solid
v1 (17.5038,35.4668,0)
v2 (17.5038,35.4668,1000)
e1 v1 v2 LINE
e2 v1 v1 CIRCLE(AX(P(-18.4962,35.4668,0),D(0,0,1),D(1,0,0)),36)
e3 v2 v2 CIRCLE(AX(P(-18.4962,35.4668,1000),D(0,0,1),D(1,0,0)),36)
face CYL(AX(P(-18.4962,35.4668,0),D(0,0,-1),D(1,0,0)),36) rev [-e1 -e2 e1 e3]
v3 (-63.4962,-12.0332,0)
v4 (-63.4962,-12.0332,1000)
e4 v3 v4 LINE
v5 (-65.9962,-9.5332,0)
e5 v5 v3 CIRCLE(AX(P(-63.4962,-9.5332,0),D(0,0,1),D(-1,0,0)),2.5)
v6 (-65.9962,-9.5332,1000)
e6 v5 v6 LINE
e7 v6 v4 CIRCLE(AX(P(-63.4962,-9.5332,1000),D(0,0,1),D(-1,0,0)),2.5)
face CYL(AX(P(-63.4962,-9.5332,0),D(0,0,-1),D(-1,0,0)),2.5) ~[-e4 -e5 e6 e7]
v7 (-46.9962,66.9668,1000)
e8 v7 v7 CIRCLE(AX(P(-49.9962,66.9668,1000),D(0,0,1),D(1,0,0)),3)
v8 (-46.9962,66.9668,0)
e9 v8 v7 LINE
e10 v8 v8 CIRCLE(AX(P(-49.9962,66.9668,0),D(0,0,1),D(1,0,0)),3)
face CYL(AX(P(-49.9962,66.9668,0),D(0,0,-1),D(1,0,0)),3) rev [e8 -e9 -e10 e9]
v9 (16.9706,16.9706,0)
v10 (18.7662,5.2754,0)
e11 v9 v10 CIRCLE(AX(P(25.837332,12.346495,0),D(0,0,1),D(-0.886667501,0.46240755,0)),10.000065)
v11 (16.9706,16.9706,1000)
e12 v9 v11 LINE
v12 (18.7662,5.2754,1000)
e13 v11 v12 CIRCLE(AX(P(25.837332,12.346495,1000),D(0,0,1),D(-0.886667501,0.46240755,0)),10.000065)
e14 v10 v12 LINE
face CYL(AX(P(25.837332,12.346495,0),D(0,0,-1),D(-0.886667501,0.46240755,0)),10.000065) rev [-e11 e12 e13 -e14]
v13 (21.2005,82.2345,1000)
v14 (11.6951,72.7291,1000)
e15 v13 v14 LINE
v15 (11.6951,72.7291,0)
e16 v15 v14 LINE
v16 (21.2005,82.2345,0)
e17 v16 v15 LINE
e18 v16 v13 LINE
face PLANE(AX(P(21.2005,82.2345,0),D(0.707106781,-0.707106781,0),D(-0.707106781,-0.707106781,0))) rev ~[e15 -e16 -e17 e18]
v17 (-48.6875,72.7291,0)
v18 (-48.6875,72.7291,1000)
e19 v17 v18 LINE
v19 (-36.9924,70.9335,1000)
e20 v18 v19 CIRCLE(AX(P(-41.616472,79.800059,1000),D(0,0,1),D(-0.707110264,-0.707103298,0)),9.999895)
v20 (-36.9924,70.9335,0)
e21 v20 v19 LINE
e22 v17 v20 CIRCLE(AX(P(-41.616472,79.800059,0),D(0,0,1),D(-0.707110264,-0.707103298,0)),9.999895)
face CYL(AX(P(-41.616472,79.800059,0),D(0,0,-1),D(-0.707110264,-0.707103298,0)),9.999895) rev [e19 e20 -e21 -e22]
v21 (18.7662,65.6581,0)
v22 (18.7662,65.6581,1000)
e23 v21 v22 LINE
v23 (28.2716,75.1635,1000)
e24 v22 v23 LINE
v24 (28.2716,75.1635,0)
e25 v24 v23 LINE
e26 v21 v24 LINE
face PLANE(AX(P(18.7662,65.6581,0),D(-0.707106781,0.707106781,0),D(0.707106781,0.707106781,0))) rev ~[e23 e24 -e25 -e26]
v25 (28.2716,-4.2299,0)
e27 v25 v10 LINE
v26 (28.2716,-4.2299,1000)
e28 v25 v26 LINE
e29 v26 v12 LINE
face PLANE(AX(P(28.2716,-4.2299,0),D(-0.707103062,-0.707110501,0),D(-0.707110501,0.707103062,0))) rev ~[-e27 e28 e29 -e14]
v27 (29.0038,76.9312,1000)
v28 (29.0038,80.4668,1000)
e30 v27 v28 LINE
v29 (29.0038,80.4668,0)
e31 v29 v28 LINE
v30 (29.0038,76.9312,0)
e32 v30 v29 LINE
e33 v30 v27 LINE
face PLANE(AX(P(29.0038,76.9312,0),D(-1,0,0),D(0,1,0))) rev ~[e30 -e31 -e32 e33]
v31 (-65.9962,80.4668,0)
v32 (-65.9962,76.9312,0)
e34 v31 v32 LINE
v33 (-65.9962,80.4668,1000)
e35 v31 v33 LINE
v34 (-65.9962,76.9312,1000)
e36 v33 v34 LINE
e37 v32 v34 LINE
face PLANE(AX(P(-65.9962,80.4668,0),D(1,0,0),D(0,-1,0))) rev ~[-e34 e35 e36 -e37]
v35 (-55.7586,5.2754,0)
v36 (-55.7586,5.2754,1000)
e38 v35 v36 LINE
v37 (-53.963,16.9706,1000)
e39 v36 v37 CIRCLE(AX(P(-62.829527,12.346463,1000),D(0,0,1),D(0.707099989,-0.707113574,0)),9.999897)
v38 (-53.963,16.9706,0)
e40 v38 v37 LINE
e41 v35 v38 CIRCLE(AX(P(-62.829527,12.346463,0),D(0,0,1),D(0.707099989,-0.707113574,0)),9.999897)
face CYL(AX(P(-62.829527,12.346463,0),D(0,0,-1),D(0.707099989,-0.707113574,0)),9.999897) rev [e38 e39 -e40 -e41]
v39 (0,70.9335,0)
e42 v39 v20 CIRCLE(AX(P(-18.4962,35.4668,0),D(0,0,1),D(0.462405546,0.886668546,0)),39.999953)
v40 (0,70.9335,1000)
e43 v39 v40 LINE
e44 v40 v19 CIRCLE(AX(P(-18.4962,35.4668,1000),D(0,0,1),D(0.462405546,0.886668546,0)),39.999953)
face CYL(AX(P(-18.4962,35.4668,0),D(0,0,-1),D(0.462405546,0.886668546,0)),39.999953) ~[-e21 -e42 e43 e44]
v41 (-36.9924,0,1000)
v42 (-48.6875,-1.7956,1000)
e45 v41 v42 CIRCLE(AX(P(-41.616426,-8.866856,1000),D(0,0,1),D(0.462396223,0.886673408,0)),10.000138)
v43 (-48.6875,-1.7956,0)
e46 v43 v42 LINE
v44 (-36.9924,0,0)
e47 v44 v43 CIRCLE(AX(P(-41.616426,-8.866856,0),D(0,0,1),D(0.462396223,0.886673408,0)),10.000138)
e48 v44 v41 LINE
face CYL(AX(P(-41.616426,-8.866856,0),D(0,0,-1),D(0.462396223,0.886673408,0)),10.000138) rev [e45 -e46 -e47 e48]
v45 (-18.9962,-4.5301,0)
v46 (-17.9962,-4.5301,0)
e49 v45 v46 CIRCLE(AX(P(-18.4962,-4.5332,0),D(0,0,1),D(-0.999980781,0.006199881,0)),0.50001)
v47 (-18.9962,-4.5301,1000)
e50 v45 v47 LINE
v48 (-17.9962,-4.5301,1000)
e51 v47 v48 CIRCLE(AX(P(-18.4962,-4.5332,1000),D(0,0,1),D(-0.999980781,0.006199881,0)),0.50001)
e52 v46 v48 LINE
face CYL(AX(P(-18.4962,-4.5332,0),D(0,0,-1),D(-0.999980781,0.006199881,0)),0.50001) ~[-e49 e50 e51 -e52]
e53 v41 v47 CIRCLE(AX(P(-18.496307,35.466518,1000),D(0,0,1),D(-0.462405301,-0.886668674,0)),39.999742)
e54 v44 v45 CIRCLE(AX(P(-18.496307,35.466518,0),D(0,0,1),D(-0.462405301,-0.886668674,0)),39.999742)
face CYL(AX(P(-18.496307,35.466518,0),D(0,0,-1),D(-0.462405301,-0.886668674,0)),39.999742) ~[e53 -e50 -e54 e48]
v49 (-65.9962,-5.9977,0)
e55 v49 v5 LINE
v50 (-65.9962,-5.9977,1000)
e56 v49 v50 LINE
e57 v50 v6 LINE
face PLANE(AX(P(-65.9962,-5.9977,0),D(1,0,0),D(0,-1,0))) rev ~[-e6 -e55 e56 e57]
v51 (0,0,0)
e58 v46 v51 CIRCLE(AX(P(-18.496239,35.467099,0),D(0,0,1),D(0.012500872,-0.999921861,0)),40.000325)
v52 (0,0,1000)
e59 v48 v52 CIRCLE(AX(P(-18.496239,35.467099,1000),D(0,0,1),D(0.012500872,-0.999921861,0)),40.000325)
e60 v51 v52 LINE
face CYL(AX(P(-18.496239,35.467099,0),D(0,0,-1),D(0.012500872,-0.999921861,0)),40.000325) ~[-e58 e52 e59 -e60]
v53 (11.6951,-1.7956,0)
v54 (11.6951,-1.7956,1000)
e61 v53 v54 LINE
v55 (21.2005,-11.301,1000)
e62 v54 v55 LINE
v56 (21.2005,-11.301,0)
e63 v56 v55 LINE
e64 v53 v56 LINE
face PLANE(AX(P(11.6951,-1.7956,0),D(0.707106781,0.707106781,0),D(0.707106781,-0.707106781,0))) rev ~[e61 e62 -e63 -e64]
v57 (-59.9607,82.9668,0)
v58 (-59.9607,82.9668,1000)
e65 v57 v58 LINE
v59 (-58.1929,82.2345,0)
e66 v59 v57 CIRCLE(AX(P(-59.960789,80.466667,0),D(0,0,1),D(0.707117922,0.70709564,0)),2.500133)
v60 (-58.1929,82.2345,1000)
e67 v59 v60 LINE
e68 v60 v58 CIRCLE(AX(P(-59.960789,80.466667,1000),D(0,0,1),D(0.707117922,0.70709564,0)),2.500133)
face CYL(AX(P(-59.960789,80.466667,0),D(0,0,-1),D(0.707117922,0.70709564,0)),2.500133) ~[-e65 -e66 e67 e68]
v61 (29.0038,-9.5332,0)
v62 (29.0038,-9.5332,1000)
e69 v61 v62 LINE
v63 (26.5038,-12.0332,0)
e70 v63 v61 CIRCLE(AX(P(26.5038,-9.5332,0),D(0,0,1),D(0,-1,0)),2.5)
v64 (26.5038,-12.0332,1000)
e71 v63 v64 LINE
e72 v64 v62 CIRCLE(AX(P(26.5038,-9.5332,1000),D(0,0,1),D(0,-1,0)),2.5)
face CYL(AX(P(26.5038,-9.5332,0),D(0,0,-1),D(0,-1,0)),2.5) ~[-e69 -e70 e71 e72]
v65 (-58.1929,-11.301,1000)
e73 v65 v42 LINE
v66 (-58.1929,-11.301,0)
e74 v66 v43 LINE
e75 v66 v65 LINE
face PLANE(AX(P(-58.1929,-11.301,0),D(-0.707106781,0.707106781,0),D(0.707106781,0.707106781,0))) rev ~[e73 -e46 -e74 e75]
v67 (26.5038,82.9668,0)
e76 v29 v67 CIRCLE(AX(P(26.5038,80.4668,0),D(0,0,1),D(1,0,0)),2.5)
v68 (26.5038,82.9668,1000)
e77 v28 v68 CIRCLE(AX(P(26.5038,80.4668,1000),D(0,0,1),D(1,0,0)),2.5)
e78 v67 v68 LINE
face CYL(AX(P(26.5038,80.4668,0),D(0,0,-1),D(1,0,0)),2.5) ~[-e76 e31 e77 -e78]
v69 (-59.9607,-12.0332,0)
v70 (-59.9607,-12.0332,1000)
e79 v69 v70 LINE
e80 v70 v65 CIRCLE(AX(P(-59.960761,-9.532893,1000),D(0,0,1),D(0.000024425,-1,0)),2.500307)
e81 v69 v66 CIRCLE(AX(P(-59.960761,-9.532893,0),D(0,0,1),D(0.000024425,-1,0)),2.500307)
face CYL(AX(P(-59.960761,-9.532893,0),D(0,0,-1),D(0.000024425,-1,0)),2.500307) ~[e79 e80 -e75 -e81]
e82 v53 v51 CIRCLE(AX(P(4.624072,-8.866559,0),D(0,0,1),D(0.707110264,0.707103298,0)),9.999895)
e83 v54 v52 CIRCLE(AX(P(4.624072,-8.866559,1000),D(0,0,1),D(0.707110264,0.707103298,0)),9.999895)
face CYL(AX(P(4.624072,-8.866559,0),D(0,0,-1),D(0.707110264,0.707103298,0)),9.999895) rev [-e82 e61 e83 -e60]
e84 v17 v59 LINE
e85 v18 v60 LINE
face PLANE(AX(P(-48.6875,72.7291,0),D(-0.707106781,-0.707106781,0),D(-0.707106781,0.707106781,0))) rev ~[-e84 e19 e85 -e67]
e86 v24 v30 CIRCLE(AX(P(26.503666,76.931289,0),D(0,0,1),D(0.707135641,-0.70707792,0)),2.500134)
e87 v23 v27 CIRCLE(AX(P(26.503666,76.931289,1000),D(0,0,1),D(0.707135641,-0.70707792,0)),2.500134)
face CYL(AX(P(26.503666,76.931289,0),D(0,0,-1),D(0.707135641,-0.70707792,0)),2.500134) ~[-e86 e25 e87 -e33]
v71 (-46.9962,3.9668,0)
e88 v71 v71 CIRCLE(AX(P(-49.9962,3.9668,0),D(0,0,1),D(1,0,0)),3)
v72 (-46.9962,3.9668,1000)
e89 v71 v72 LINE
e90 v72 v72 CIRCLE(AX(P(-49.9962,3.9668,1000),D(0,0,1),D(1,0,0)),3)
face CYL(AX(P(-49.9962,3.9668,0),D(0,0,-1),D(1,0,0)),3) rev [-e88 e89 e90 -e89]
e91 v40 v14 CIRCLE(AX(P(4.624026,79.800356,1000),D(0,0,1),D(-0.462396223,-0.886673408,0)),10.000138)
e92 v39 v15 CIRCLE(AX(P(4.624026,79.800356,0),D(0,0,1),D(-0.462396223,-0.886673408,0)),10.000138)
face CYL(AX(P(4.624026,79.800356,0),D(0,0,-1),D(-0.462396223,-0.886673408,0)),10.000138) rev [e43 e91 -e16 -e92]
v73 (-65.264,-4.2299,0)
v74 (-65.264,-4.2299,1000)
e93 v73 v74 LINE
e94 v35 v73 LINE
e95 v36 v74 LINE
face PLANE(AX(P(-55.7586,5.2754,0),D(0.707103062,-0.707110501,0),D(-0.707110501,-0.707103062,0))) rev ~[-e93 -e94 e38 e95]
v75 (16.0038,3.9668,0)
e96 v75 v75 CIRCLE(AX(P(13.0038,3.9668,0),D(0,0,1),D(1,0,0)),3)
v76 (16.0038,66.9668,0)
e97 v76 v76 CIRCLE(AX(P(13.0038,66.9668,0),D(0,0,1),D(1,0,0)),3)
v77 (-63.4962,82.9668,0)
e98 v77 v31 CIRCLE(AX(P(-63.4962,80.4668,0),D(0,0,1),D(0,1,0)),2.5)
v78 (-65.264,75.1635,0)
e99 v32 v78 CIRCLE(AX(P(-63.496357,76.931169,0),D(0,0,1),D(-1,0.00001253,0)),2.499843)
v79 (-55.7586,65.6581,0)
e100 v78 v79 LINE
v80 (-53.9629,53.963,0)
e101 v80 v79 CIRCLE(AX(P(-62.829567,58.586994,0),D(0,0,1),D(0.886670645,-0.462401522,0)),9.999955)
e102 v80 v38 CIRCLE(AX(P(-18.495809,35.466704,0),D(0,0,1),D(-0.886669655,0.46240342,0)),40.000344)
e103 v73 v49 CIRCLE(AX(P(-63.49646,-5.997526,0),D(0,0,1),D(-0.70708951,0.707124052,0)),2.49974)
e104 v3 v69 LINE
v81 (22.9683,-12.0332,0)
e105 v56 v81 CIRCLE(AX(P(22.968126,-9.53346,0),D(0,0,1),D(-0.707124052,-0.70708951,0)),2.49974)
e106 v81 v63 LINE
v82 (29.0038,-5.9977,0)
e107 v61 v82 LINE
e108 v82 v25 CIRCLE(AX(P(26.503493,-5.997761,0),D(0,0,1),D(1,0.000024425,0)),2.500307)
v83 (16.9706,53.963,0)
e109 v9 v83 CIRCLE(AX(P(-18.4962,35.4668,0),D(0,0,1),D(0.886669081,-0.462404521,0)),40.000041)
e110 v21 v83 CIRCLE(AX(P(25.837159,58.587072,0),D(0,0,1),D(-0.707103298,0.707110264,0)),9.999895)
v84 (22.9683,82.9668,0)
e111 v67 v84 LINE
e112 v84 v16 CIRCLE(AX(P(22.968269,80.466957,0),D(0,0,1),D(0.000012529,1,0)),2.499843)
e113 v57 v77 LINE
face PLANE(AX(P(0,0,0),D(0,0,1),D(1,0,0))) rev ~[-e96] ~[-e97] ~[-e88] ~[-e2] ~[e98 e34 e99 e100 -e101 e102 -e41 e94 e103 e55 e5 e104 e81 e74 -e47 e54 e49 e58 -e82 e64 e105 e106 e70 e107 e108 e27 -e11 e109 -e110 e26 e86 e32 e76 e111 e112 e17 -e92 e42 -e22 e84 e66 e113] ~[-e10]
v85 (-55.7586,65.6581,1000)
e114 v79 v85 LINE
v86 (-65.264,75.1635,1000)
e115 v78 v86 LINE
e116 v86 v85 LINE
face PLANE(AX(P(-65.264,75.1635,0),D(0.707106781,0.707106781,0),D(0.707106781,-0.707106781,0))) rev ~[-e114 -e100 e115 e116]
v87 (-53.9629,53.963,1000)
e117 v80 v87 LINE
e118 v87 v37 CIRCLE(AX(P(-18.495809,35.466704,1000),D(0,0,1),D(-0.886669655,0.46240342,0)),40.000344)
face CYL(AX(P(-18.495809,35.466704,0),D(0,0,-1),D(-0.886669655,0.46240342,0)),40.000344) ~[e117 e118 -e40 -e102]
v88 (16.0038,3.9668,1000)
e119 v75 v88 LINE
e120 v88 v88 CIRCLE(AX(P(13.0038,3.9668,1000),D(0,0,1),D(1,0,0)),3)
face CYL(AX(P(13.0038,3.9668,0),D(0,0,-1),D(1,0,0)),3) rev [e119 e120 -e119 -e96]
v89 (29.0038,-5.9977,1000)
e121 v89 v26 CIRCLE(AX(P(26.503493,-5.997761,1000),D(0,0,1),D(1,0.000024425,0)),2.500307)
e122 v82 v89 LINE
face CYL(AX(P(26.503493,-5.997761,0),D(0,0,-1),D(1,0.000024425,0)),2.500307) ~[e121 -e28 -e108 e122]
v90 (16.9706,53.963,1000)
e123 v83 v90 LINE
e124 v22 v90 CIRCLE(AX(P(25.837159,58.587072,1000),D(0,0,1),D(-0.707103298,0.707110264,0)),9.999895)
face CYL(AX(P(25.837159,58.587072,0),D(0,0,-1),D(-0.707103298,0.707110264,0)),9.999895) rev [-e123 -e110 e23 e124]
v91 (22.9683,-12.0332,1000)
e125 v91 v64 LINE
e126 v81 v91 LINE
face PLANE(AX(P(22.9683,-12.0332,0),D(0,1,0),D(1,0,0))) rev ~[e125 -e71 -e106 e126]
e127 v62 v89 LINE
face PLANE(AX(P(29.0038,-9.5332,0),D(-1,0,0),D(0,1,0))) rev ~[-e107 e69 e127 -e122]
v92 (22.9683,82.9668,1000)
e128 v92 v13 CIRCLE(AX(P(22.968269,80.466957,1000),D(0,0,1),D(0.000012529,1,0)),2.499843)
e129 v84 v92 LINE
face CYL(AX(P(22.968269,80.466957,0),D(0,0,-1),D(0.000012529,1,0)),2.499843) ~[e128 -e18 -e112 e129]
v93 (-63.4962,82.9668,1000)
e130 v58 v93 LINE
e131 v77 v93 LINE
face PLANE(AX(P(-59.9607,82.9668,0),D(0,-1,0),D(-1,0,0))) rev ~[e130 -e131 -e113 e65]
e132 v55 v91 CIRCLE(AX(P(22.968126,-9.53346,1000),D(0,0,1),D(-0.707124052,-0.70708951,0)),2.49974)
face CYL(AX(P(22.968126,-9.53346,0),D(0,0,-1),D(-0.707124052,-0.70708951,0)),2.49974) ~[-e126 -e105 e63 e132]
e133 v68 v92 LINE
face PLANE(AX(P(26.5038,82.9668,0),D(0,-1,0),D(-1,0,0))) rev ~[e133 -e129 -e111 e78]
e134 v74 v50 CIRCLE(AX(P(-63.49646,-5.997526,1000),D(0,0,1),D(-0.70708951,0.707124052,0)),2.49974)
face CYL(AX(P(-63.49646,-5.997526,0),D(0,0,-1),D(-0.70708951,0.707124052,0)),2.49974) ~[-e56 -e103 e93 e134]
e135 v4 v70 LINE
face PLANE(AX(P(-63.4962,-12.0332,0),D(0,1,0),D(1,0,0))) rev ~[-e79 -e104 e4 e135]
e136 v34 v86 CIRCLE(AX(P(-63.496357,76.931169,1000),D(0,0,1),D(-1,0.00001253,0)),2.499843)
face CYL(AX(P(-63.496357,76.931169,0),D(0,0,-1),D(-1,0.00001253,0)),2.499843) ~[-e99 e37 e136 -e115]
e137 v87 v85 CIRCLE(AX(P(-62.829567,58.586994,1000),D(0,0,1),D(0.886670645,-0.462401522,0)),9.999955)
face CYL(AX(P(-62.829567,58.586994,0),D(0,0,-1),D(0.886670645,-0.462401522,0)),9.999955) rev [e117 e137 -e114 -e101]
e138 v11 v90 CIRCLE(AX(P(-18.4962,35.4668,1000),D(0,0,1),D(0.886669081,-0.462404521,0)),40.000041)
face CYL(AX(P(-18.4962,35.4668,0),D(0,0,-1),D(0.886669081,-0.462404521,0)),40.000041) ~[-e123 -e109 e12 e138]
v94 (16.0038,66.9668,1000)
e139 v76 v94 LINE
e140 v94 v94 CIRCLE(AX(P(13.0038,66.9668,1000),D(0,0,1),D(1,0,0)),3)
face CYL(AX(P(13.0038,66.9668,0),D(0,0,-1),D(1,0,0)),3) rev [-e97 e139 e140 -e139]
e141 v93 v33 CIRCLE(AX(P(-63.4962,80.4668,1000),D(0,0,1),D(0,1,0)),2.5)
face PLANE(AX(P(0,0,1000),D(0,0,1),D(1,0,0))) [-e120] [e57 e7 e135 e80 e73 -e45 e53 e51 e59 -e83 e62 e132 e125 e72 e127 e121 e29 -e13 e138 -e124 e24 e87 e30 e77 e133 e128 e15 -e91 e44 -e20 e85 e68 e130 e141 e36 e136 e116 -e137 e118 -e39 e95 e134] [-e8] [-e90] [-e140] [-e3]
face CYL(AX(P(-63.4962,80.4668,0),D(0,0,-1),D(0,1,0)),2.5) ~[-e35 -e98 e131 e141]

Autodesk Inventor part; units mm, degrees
ref_plane "YZ Plane" through (0, 0, 0) normal (1, 0, 0) x (0, 1, 0)
ref_plane "XZ Plane" through (0, 0, 0) normal (0, 1, 0) x (-1, 0, 0)
ref_plane "XY Plane" through (0, 0, 0) normal (0, 0, 1) x (1, 0, 0)
sketch "Sketch1" plane through (0, 0, 0) normal (0, 0, 1) x (1, 0, 0)
  arc A0 (11.6951, -1.7956) -> (0, 0) centre (4.624, -8.8667) ccw
  line L0 (11.6951, -1.7956) -> (21.2005, -11.301)
  arc A1 (21.2005, -11.301) -> (22.9683, -12.0332) centre (22.9683, -9.5332) ccw
  line L1 (22.9683, -12.0332) -> (26.5038, -12.0332)
  arc A2 (26.5038, -12.0332) -> (29.0038, -9.5332) centre (26.5038, -9.5332) ccw
  line L2 (29.0038, -9.5332) -> (29.0038, -5.9977)
  arc A3 (29.0038, -5.9977) -> (28.2716, -4.2299) centre (26.5038, -5.9977) ccw
  line L3 (28.2716, -4.2299) -> (18.7662, 5.2754)
  arc A4 (16.9706, 16.9706) -> (18.7662, 5.2754) centre (25.8373, 12.3465) ccw
  arc A5 (16.9706, 16.9706) -> (16.9706, 53.963) centre (-18.4962, 35.4668) ccw
  arc A6 (18.7662, 65.6581) -> (16.9706, 53.963) centre (25.8373, 58.587) ccw
  line L4 (18.7662, 65.6581) -> (28.2716, 75.1635)
  arc A7 (28.2716, 75.1635) -> (29.0038, 76.9312) centre (26.5038, 76.9312) ccw
  line L5 (29.0038, 76.9312) -> (29.0038, 80.4668)
  arc A8 (29.0038, 80.4668) -> (26.5038, 82.9668) centre (26.5038, 80.4668) ccw
  line L6 (26.5038, 82.9668) -> (22.9683, 82.9668)
  arc A9 (22.9683, 82.9668) -> (21.2005, 82.2345) centre (22.9683, 80.4668) ccw
  line L7 (21.2005, 82.2345) -> (11.6951, 72.7291)
  arc A10 (0, 70.9335) -> (11.6951, 72.7291) centre (4.624, 79.8002) ccw
  arc A11 (0, 70.9335) -> (-36.9924, 70.9335) centre (-18.4962, 35.4668) ccw
  arc A12 (-48.6875, 72.7291) -> (-36.9924, 70.9335) centre (-41.6164, 79.8002) ccw
  line L8 (-48.6875, 72.7291) -> (-58.1929, 82.2345)
  arc A13 (-58.1929, 82.2345) -> (-59.9607, 82.9668) centre (-59.9607, 80.4668) ccw
  line L9 (-59.9607, 82.9668) -> (-63.4962, 82.9668)
  arc A14 (-63.4962, 82.9668) -> (-65.9962, 80.4668) centre (-63.4962, 80.4668) ccw
  line L10 (-65.9962, 80.4668) -> (-65.9962, 76.9312)
  arc A15 (-65.9962, 76.9312) -> (-65.264, 75.1635) centre (-63.4962, 76.9312) ccw
  line L11 (-65.264, 75.1635) -> (-55.7586, 65.6581)
  arc A16 (-53.9629, 53.963) -> (-55.7586, 65.6581) centre (-62.8296, 58.587) ccw
  arc A17 (-53.9629, 53.963) -> (-53.963, 16.9706) centre (-18.4962, 35.4668) ccw
  arc A18 (-55.7586, 5.2754) -> (-53.963, 16.9706) centre (-62.8296, 12.3465) ccw
  line L12 (-55.7586, 5.2754) -> (-65.264, -4.2299)
  arc A19 (-65.264, -4.2299) -> (-65.9962, -5.9977) centre (-63.4962, -5.9977) ccw
  line L13 (-65.9962, -5.9977) -> (-65.9962, -9.5332)
  arc A20 (-65.9962, -9.5332) -> (-63.4962, -12.0332) centre (-63.4962, -9.5332) ccw
  line L14 (-63.4962, -12.0332) -> (-59.9607, -12.0332)
  arc A21 (-59.9607, -12.0332) -> (-58.1929, -11.301) centre (-59.9607, -9.5332) ccw
  line L15 (-58.1929, -11.301) -> (-48.6875, -1.7956)
  arc A22 (-36.9924, 0) -> (-48.6875, -1.7956) centre (-41.6164, -8.8667) ccw
  arc A23 (-36.9924, 0) -> (-18.9962, -4.5301) centre (-18.4962, 35.4668) ccw
  arc A24 (-18.9962, -4.5301) -> (-17.9962, -4.5301) centre (-18.4962, -4.5332) ccw
  arc A25 (-17.9962, -4.5301) -> (0, 0) centre (-18.4962, 35.4668) ccw
  circle A26 centre (-49.9962, 3.9668) radius 3
  circle A27 centre (-49.9962, 66.9668) radius 3
  circle A28 centre (13.0038, 3.9668) radius 3
  circle A29 centre (13.0038, 66.9668) radius 3
  circle A30 centre (-18.4962, 35.4668) radius 36
extrude "Extrusion1" add sketch "Sketch1" along normal blind 1000
properties part number "X95_1000mm"
